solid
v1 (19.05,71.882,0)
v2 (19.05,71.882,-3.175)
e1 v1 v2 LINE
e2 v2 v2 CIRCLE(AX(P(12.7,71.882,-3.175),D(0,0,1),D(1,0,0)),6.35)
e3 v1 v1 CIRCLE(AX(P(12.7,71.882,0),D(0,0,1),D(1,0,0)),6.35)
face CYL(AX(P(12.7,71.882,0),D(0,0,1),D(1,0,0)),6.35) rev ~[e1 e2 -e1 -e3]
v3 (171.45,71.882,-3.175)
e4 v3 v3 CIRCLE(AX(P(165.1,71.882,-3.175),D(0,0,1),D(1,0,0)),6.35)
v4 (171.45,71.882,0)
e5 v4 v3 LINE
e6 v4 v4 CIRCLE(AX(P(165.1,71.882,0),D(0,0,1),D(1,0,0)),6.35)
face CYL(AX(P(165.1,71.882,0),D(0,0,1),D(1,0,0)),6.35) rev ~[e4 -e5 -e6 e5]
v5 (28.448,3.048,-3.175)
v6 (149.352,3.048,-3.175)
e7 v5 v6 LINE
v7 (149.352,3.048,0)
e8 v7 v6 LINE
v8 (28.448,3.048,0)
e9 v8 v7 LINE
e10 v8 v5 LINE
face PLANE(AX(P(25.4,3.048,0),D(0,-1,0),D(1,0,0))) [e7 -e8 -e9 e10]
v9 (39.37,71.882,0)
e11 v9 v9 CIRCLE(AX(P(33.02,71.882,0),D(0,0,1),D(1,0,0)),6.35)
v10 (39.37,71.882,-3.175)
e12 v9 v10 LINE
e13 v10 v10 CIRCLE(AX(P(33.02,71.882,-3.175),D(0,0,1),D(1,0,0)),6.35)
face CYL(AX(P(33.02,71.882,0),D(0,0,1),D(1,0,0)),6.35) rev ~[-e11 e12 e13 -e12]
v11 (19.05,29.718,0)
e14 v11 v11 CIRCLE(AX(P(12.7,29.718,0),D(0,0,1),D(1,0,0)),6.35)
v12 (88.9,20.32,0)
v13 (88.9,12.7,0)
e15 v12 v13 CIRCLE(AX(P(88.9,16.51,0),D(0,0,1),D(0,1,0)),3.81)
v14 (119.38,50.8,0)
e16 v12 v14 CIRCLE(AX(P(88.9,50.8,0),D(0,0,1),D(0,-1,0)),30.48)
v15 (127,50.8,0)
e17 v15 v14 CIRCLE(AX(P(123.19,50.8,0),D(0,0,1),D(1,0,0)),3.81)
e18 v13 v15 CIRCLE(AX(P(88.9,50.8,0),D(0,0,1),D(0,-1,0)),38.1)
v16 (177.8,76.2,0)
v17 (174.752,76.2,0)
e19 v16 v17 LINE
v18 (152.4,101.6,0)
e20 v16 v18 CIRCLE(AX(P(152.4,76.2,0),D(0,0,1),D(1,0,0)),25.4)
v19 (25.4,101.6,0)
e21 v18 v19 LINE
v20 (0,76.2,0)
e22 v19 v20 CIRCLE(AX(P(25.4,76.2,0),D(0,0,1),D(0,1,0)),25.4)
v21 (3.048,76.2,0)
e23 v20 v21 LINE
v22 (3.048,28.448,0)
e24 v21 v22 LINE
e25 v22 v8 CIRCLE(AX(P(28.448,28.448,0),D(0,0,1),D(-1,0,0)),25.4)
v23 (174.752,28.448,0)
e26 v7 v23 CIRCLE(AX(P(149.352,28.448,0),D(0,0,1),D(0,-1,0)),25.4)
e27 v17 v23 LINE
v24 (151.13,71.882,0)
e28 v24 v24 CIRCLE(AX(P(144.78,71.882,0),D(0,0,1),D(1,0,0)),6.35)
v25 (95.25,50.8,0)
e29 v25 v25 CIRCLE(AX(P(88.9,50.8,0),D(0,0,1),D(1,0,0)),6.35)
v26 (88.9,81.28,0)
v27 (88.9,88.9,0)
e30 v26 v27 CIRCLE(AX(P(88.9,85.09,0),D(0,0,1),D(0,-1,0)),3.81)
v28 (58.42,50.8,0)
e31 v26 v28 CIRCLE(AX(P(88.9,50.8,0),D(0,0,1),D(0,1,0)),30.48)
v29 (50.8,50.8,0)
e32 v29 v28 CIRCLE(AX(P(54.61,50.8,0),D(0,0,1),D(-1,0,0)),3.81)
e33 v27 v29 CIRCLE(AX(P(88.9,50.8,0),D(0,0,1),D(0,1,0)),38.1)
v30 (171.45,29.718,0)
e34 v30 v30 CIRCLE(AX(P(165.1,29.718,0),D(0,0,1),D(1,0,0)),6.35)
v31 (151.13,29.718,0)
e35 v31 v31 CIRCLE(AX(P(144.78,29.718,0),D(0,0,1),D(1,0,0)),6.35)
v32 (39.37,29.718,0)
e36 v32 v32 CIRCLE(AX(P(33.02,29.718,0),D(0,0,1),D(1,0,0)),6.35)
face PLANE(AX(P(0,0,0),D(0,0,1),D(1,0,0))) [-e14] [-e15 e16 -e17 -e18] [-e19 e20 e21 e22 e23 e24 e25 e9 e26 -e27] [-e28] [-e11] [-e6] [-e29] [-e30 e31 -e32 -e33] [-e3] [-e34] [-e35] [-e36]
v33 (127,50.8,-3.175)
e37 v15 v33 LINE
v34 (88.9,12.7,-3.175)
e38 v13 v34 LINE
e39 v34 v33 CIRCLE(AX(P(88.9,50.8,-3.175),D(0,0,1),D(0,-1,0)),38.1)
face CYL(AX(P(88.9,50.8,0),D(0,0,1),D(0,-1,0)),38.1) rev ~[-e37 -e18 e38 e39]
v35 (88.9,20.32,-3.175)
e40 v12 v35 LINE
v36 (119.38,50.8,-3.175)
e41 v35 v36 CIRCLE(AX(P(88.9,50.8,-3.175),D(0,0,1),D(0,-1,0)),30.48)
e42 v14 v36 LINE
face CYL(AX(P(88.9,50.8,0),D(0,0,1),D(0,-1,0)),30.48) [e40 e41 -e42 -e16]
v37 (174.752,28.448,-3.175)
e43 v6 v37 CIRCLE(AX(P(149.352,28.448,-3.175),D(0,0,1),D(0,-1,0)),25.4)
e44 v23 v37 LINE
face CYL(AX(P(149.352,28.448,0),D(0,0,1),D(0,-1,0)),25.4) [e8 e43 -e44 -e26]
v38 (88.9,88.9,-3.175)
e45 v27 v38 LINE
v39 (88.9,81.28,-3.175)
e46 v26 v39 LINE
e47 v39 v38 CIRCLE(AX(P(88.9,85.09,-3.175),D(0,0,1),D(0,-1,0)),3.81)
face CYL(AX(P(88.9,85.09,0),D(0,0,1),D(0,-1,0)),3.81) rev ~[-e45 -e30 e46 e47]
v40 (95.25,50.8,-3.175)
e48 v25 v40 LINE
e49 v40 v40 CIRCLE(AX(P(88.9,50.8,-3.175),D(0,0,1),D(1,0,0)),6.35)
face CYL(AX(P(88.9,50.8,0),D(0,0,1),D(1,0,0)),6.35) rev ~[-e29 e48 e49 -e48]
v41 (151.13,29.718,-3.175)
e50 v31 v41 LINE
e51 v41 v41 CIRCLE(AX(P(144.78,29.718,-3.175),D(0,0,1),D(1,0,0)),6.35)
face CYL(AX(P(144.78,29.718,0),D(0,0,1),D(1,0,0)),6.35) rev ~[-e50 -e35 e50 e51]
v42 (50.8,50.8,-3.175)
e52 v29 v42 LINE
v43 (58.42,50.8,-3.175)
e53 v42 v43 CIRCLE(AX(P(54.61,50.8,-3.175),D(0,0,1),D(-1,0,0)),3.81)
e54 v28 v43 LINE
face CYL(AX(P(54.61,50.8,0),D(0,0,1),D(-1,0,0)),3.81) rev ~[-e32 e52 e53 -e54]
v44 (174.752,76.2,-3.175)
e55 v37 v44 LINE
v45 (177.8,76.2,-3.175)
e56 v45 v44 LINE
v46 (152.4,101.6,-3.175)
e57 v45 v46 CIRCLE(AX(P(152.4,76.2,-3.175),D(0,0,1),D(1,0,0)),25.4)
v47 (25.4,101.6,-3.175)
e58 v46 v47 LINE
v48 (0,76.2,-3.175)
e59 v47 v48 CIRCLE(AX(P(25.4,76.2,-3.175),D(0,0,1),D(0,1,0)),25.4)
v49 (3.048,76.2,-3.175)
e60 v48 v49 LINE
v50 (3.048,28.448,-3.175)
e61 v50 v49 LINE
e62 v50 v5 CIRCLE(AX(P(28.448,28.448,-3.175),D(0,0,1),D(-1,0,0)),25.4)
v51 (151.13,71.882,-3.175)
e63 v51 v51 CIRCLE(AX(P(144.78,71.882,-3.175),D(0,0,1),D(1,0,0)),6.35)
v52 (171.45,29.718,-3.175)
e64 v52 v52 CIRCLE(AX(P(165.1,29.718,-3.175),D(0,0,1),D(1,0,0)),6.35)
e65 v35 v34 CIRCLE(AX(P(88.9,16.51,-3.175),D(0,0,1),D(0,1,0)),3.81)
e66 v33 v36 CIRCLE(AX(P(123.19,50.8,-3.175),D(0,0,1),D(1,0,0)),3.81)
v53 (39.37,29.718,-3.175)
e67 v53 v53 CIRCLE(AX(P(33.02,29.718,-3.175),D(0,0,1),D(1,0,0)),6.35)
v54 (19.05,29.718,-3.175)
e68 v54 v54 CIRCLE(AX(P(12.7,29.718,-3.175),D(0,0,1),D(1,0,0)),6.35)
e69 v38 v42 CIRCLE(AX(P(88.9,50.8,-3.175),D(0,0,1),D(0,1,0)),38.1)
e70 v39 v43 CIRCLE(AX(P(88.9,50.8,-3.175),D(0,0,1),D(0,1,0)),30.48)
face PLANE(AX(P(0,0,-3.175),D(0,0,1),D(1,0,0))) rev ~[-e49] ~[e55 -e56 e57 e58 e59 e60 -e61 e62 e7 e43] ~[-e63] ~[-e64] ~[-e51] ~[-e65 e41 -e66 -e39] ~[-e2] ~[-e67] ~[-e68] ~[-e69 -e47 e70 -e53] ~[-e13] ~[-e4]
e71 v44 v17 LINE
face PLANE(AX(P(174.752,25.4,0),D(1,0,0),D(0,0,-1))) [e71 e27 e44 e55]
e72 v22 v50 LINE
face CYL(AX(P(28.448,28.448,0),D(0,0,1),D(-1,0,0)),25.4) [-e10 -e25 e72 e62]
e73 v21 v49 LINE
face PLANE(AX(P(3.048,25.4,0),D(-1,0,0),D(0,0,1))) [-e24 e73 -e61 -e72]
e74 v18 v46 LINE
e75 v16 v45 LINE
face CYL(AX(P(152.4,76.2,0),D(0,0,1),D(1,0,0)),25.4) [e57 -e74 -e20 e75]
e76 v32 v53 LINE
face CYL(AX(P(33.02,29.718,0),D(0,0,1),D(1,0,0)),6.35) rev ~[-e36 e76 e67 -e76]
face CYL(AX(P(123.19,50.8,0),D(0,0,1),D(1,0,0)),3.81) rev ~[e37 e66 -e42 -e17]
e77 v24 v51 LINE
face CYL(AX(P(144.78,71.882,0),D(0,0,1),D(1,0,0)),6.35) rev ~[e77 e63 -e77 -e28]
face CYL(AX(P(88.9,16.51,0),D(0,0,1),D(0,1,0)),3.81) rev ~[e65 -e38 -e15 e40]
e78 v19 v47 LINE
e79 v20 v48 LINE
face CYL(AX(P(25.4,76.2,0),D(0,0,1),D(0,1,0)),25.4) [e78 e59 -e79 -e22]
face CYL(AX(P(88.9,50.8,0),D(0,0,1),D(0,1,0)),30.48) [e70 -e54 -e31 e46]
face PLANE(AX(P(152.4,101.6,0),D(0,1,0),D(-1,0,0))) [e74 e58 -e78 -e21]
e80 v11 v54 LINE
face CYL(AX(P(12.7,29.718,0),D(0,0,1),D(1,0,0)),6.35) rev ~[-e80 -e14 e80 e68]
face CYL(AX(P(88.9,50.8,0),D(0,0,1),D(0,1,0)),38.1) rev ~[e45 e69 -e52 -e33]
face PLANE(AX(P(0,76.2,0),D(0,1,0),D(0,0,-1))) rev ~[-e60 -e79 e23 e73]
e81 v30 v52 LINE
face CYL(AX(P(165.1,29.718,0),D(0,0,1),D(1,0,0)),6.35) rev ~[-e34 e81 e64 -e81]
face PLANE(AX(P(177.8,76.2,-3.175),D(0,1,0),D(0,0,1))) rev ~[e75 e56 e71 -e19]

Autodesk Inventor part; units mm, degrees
ref_plane "YZ Plane" through (0, 0, 0) normal (1, 0, 0) x (0, 1, 0)
sketch "Sketch3" plane through (0, 0, 0) normal (0, 0, 1) x (1, 0, 0)
  line L0 (0, 0) -> (177.8, 0)
  line L1 (177.8, 0) -> (177.8, 101.6)
  line L2 (177.8, 101.6) -> (0, 101.6)
  line L3 (0, 101.6) -> (0, 0)
  arc A0 (25.4, 101.6) -> (0, 76.2) centre (25.4, 76.2) ccw
  arc A1 (177.8, 76.2) -> (152.4, 101.6) centre (152.4, 76.2) ccw
  arc A2 (152.4, 0) -> (177.8, 25.4) centre (152.4, 25.4) ccw
  arc A3 (0, 25.4) -> (25.4, 0) centre (25.4, 25.4) ccw
  circle A4 centre (88.9, 50.8) radius 6.35
  arc A5 (88.9, 85.09) -> (54.61, 50.8) centre (88.9, 50.8) ccw construction
  arc A6 (88.9, 88.9) -> (50.8, 50.8) centre (88.9, 50.8) ccw
  arc A7 (88.9, 81.28) -> (58.42, 50.8) centre (88.9, 50.8) ccw
  arc A8 (88.9, 81.28) -> (88.9, 88.9) centre (88.9, 85.09) ccw
  arc A9 (50.8, 50.8) -> (58.42, 50.8) centre (54.61, 50.8) ccw
  line L4 (88.9, 50.8) -> (54.61, 50.8) construction
  line L5 (88.9, 50.8) -> (88.9, 85.09) construction
  arc A10 (88.9, 20.32) -> (119.38, 50.8) centre (88.9, 50.8) ccw
  line L6 (88.9, 50.8) -> (123.19, 50.8) construction
  arc A11 (88.9, 16.51) -> (123.19, 50.8) centre (88.9, 50.8) ccw construction
  arc A12 (127, 50.8) -> (119.38, 50.8) centre (123.19, 50.8) ccw
  arc A13 (88.9, 12.7) -> (127, 50.8) centre (88.9, 50.8) ccw
  arc A14 (88.9, 20.32) -> (88.9, 12.7) centre (88.9, 16.51) ccw
  dimension "d20" = 177.8
  dimension "d21" = 101.6
  dimension "d22" = 50.8
  dimension "d23" = 50.8
  dimension "d24" = 50.8
  dimension "d25" = 50.8
  dimension "d26" = 12.7
  dimension "d27" = 50.8
  dimension "d28" = 88.9
  dimension "d29" = 34.29
  dimension "d30" = 90
  dimension "d31" = 7.62
  dimension "d34" = 360
extrude "Extrusion3" add sketch "Sketch3" against normal blind 3.175 contours A3 L3 A0 L2 A1 L1 A2 L0
ref_plane "Work Plane1" through (25.4, 50.8, 0) normal (0, 1, 0) x (1, 0, 0)
sketch "Sketch4" plane through (0, 0, 0) normal (0, 0, 1) x (1, 0, 0)
  line L0 (0, 76.2) -> (0, 25.4) projected
  line L1 (0, 50.8) -> (177.8, 50.8)
  line L2 (177.8, 76.2) -> (177.8, 25.4) projected
  line L3 (152.4, 101.6) -> (25.4, 101.6) projected
  line L4 (88.9, 101.6) -> (88.9, 0)
  circle A0 centre (12.7, 71.882) radius 6.35
  circle A1 centre (33.02, 71.882) radius 6.35
  line L5 (0, 25.4) -> (0, 76.2)
  circle A2 centre (12.7, 29.718) radius 6.35
  circle A3 centre (33.02, 29.718) radius 6.35
  circle A4 centre (165.1, 71.882) radius 6.35
  circle A5 centre (144.78, 71.882) radius 6.35
  circle A6 centre (165.1, 29.718) radius 6.35
  circle A7 centre (144.78, 29.718) radius 6.35
  point P0 (0, 0)
  dimension "d39" = 12.7
  dimension "d40" = 12.7
  dimension "d41" = 20.32
  dimension "d42" = 12.7
  dimension "d43" = 21.082
extrude "Extrusion4" cut sketch "Sketch4" against normal blind 25.4
sketch "Sketch5" plane through (177.8, 25.4, 0) normal (1, 0, 0) x (0, 0, -1)
  line L0 (3.175, 50.8) -> (3.175, 76.2) projected
  line L1 (0, -25.4) -> (3.175, -25.4)
  line L2 (3.175, -25.4) -> (3.175, 50.8)
  line L3 (3.175, 50.8) -> (0, 50.8)
  line L4 (0, 50.8) -> (0, -25.4)
extrude "Extrusion5" cut sketch "Sketch5" against normal blind 3.048
sketch "Sketch6" plane through (0, 25.4, 0) normal (-1, 0, 0) x (0, 0, 1)
  line L0 (0, 50.8) -> (-3.175, 50.8) projected
  line L1 (-3.175, 50.8) -> (0, 50.8)
  line L2 (0, 50.8) -> (0, -25.4)
  line L3 (0, -25.4) -> (-3.175, -25.4)
  line L4 (-3.175, -25.4) -> (-3.175, 50.8)
extrude "Extrusion6" cut sketch "Sketch6" against normal blind 3.048
sketch "Sketch7" plane through (25.4, 0, 0) normal (0, -1, 0) x (1, 0, 0)
  line L0 (-22.352, -3.175) -> (-22.352, 0) projected
  line L1 (127, -3.175) -> (152.4, -3.175) projected
  line L2 (-22.352, 0) -> (149.352, 0)
  line L3 (149.352, 0) -> (149.352, -3.175)
  line L4 (149.352, -3.175) -> (-22.352, -3.175)
  line L5 (-22.352, -3.175) -> (-22.352, 0)
  point P0 (-25.4, 0)
  point P1 (149.352, -1.5875)
  dimension "d50" = 171.704
extrude "Extrusion7" cut sketch "Sketch7" against normal blind 3.048
sketch "Sketch8" plane through (0, 0, 0) normal (0, 0, 1) x (1, 0, 0)
  arc A0 (3.048, 28.448) -> (28.448, 3.048) centre (28.448, 28.448) ccw
  arc A1 (149.352, 3.048) -> (174.752, 28.448) centre (149.352, 28.448) ccw
  line L0 (174.752, 13.3357) -> (174.752, 76.2) projected
  line L1 (13.3357, 3.048) -> (164.4643, 3.048) projected
  line L2 (3.048, 76.2) -> (3.048, 13.3357) projected
  line L3 (3.048, 28.448) -> (3.048, 3.048)
  line L4 (3.048, 3.048) -> (28.448, 3.048)
  line L5 (174.752, 28.448) -> (174.752, 3.048)
  line L6 (174.752, 3.048) -> (149.352, 3.048)
  point P0 (0, 0)
  point P1 (3.048, 13.3357)
  dimension "d53" = 50.8
  dimension "d54" = 50.8
extrude "Extrusion8" cut sketch "Sketch8" against normal through all
ref_plane "Work Plane2" through (174.752, 25.4, 0) normal (1, 0, 0) x (0, 0, -1)
properties part number "Plate"
